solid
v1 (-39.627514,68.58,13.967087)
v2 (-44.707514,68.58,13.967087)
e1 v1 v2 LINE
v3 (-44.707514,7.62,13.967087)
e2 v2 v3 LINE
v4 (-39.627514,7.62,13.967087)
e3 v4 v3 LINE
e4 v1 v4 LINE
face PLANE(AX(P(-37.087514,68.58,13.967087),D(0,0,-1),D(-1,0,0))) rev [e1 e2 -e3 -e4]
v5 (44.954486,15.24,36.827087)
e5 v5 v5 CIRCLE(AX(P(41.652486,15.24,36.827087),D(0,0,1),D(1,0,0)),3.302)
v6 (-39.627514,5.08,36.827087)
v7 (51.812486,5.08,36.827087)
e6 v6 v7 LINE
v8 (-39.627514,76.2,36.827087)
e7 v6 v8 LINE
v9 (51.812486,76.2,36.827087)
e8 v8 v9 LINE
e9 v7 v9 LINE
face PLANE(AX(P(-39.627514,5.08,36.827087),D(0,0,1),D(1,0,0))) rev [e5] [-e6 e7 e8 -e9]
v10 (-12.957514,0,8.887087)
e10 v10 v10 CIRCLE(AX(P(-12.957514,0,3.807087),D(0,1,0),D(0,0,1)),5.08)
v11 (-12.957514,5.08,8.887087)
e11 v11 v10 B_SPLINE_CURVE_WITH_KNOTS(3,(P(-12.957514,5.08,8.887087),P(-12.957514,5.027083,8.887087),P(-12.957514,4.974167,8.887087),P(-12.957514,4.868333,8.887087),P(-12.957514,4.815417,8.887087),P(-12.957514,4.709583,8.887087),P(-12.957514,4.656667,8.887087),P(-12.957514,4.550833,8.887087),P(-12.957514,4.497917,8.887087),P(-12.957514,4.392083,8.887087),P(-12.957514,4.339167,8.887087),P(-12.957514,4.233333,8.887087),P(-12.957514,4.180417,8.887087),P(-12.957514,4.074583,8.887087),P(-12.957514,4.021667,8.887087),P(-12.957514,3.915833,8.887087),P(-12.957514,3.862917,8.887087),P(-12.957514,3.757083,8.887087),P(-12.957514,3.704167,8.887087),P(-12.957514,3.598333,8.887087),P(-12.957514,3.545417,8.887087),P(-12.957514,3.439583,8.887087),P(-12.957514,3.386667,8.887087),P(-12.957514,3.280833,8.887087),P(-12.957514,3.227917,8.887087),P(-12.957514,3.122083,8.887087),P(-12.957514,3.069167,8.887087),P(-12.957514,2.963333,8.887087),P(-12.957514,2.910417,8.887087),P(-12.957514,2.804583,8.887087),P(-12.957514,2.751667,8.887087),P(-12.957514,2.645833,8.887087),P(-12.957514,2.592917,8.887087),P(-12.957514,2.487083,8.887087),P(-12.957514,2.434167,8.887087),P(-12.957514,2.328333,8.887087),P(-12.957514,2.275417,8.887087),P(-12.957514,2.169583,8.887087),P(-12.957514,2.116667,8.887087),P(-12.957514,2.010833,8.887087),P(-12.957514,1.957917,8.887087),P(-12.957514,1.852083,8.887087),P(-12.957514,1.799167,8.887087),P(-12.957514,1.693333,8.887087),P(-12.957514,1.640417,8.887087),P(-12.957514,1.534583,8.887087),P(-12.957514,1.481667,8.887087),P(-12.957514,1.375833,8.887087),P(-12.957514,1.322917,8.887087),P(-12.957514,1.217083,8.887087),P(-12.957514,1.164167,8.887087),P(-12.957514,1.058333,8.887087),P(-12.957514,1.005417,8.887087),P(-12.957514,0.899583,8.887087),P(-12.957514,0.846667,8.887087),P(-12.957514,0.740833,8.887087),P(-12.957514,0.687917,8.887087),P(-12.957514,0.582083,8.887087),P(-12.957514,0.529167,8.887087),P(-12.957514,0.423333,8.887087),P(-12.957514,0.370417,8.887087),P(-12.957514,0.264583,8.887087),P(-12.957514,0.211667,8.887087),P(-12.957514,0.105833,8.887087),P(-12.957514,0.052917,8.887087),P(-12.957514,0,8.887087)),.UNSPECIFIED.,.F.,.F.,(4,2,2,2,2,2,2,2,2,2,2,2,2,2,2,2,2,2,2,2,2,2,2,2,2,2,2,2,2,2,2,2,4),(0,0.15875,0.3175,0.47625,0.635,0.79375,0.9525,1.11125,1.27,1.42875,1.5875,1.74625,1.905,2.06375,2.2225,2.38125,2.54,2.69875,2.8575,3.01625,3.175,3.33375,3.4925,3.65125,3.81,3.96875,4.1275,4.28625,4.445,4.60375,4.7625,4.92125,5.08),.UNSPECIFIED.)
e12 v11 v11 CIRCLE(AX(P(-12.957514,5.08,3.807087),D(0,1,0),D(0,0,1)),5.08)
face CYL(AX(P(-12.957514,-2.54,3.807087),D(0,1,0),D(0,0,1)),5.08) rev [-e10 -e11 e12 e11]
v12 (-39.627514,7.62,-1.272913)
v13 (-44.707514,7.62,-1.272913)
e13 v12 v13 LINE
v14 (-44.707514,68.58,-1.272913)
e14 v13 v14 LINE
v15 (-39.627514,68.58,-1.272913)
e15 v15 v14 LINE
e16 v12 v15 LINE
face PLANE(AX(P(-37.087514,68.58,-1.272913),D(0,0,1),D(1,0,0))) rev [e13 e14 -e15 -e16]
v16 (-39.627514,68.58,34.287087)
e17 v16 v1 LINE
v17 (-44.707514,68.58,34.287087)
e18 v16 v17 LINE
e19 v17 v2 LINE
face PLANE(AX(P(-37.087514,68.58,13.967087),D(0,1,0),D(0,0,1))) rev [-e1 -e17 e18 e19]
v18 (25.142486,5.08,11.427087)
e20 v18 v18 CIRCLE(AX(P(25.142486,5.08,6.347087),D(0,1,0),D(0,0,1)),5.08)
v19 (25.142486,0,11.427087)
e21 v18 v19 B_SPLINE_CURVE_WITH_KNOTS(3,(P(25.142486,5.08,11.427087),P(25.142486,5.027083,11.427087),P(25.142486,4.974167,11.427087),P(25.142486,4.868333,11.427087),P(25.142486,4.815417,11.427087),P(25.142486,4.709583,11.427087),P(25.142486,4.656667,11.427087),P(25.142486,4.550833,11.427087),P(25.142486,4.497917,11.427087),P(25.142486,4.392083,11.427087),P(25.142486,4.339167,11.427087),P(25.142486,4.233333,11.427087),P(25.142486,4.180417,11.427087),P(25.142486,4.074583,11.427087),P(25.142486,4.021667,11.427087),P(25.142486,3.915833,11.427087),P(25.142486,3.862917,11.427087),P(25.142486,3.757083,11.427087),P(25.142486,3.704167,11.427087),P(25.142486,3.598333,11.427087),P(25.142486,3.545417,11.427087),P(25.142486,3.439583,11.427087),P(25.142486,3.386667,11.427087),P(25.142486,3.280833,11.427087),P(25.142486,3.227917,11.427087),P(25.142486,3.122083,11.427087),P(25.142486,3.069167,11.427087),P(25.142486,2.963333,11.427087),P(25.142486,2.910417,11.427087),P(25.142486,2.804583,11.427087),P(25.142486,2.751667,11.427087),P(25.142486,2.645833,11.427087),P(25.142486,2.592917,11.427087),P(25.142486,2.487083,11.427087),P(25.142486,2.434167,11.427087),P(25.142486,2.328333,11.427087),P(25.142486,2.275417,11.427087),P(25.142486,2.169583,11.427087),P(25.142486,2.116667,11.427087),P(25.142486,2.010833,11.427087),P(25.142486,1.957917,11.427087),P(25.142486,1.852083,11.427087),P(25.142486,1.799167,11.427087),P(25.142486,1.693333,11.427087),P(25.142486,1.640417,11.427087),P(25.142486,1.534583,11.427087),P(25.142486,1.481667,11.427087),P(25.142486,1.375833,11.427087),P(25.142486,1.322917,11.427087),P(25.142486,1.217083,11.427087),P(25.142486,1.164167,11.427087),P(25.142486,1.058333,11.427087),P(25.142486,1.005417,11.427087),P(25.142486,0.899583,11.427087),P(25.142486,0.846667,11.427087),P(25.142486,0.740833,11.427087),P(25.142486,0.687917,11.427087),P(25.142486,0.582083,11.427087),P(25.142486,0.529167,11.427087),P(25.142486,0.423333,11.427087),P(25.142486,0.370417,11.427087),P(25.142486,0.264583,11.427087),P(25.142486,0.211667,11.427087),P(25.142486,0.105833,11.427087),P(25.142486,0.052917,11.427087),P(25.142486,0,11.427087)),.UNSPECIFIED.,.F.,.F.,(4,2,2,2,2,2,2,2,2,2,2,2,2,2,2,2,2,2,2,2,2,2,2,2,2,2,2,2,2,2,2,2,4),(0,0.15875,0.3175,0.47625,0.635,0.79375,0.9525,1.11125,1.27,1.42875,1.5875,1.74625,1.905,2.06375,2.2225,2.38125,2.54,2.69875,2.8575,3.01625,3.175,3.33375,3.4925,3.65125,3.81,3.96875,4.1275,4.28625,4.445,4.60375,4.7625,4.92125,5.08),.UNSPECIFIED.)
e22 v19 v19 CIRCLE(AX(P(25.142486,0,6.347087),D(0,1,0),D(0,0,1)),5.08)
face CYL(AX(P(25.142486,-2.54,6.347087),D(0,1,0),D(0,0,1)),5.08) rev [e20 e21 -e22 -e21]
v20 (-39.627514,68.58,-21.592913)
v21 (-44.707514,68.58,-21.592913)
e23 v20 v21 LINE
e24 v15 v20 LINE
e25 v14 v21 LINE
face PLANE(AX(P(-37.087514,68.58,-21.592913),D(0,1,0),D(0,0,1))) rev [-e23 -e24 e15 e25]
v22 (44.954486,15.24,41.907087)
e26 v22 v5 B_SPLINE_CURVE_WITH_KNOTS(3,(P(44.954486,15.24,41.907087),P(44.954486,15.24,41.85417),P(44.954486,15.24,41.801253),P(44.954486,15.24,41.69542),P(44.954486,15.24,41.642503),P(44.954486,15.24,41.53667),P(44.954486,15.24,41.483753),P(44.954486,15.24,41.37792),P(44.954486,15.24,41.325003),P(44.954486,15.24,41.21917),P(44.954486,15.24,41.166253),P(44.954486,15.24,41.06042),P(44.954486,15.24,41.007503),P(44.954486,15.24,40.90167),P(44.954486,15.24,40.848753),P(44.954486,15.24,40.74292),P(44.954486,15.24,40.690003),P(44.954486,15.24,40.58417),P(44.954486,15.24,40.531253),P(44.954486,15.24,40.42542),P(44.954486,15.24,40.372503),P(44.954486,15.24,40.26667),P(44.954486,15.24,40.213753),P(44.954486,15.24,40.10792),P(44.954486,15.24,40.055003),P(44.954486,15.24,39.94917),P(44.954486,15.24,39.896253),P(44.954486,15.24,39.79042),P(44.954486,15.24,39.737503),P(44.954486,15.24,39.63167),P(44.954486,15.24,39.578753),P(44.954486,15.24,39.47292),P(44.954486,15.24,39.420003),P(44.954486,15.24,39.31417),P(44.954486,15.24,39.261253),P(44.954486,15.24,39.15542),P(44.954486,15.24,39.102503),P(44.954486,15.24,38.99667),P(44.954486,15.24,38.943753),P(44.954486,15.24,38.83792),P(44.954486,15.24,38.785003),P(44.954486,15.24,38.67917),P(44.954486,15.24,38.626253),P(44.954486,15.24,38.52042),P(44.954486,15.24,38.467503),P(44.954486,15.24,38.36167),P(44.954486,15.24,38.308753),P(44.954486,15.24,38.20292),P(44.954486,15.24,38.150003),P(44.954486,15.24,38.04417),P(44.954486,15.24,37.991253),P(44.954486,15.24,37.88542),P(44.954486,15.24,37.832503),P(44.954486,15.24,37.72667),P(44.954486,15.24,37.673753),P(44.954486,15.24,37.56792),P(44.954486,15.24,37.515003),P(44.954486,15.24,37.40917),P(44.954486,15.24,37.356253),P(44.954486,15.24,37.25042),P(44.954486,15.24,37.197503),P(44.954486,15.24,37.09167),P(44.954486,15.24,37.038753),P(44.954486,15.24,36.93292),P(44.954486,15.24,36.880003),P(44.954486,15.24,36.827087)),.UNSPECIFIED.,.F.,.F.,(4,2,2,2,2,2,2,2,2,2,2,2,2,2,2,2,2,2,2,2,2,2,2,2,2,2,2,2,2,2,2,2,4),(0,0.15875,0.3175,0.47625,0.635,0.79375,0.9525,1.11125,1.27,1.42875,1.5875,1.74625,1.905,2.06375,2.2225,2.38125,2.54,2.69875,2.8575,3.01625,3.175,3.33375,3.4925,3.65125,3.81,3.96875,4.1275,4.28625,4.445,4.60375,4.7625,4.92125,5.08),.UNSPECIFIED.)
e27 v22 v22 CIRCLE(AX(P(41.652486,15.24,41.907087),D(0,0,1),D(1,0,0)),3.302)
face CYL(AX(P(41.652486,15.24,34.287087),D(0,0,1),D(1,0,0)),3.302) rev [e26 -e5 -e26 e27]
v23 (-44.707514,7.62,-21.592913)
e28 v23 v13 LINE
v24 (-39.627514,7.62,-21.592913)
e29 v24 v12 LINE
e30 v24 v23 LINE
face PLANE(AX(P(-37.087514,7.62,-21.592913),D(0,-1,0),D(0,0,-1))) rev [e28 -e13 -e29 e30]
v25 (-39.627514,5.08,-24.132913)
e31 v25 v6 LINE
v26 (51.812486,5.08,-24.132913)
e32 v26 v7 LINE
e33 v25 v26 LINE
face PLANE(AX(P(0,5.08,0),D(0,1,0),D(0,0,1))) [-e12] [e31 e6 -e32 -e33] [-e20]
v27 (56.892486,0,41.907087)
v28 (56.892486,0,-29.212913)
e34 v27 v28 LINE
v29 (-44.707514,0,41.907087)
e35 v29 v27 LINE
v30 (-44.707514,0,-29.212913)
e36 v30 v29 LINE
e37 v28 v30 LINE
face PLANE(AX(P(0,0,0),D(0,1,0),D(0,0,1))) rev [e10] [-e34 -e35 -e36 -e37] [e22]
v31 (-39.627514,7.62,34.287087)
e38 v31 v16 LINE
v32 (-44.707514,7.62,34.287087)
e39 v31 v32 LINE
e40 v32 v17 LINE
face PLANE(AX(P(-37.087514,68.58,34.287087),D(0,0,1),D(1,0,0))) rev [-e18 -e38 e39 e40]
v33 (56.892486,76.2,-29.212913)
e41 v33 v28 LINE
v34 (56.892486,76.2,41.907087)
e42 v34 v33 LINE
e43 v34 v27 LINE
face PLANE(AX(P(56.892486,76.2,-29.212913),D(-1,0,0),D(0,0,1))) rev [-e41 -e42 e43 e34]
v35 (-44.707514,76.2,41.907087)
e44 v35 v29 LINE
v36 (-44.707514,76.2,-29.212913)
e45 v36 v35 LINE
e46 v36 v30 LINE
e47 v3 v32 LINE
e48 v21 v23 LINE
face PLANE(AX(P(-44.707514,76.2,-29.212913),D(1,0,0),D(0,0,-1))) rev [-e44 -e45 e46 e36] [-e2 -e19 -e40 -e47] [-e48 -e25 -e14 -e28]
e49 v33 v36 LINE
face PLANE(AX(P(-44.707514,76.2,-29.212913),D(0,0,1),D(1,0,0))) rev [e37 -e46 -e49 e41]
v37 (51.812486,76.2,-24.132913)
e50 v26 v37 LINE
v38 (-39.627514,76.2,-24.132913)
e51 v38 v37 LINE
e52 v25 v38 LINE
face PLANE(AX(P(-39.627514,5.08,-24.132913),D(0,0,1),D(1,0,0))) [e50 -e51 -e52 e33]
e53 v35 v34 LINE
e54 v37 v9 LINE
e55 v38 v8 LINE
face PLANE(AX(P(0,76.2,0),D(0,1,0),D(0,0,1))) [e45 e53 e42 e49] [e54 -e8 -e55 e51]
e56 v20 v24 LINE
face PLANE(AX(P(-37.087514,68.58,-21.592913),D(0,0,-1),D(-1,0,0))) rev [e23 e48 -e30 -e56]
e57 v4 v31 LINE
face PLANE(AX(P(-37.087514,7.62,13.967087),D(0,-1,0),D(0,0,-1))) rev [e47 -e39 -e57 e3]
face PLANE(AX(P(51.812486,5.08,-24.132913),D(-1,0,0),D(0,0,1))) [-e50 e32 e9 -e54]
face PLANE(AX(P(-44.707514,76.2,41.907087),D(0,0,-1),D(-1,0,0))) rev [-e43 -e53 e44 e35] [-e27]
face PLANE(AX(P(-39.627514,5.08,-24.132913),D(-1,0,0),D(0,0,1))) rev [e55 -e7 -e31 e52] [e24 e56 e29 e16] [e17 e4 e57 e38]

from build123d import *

# Parameters (mm, degrees)
SKETCH2_W           = 101.6
SKETCH2_H           = 71.12
BOSS_EXTRUDE1_DEPTH = 76.2
SKETCH3_W           = 91.44
SKETCH3_H           = 60.96
CUT_EXTRUDE5_DEPTH  = 71.12
SKETCH5_R           = 3.302
CUT_EXTRUDE6_DEPTH  = 7.62
SKETCH7_R           = 5.08
CUT_EXTRUDE8_DEPTH  = 7.62
SKETCH8_W           = 20.32
SKETCH8_H           = 60.96
CUT_EXTRUDE9_DEPTH  = 7.62


with BuildPart() as part:
    # Sketch2 → Boss-Extrude1 (new body)
    with BuildSketch(Plane(origin=(0, 0, 0), x_dir=(1, 0, 0), z_dir=(0, 1, 0))):
        with Locations((6.092485814, -6.347086588)):
            Rectangle(SKETCH2_W, SKETCH2_H)
    extrude(amount=BOSS_EXTRUDE1_DEPTH)

    # Sketch3 → Cut-Extrude5 (cut)
    with BuildSketch(Plane(origin=(0, 76.2, 0), x_dir=(1, 0, 0), z_dir=(0, 1, 0))):
        with Locations((6.092485814, -6.347086588)):
            Rectangle(SKETCH3_W, SKETCH3_H)
    extrude(amount=-CUT_EXTRUDE5_DEPTH, mode=Mode.SUBTRACT)

    # Sketch5 → Cut-Extrude6 (cut)
    with BuildSketch(Plane.XY.offset(41.907086588)):
        with Locations((41.652485814, 15.24)):
            Circle(SKETCH5_R)
    extrude(amount=-CUT_EXTRUDE6_DEPTH, mode=Mode.SUBTRACT)

    # Sketch7 → Cut-Extrude8 (cut)
    with BuildSketch(Plane(origin=(0, 5.08, 0), x_dir=(1, 0, 0), z_dir=(0, 1, 0))):
        with Locations(Location((-12.957514186, -3.807086588, 0), (0, 0, 270))):
            Circle(SKETCH7_R)
        with Locations(Location((25.142485814, -6.347086588, 0), (0, 0, 270))):
            Circle(SKETCH7_R)
    extrude(amount=-CUT_EXTRUDE8_DEPTH, mode=Mode.SUBTRACT)

    # Sketch8 → Cut-Extrude9 (cut)
    with BuildSketch(Plane.ZY.offset(44.707514186)):
        with Locations((-11.432913412, 38.1)):
            Rectangle(SKETCH8_W, SKETCH8_H)
        with Locations((24.127086588, 38.1)):
            Rectangle(SKETCH8_W, SKETCH8_H)
    extrude(amount=-CUT_EXTRUDE9_DEPTH, mode=Mode.SUBTRACT)


solid = part.part
